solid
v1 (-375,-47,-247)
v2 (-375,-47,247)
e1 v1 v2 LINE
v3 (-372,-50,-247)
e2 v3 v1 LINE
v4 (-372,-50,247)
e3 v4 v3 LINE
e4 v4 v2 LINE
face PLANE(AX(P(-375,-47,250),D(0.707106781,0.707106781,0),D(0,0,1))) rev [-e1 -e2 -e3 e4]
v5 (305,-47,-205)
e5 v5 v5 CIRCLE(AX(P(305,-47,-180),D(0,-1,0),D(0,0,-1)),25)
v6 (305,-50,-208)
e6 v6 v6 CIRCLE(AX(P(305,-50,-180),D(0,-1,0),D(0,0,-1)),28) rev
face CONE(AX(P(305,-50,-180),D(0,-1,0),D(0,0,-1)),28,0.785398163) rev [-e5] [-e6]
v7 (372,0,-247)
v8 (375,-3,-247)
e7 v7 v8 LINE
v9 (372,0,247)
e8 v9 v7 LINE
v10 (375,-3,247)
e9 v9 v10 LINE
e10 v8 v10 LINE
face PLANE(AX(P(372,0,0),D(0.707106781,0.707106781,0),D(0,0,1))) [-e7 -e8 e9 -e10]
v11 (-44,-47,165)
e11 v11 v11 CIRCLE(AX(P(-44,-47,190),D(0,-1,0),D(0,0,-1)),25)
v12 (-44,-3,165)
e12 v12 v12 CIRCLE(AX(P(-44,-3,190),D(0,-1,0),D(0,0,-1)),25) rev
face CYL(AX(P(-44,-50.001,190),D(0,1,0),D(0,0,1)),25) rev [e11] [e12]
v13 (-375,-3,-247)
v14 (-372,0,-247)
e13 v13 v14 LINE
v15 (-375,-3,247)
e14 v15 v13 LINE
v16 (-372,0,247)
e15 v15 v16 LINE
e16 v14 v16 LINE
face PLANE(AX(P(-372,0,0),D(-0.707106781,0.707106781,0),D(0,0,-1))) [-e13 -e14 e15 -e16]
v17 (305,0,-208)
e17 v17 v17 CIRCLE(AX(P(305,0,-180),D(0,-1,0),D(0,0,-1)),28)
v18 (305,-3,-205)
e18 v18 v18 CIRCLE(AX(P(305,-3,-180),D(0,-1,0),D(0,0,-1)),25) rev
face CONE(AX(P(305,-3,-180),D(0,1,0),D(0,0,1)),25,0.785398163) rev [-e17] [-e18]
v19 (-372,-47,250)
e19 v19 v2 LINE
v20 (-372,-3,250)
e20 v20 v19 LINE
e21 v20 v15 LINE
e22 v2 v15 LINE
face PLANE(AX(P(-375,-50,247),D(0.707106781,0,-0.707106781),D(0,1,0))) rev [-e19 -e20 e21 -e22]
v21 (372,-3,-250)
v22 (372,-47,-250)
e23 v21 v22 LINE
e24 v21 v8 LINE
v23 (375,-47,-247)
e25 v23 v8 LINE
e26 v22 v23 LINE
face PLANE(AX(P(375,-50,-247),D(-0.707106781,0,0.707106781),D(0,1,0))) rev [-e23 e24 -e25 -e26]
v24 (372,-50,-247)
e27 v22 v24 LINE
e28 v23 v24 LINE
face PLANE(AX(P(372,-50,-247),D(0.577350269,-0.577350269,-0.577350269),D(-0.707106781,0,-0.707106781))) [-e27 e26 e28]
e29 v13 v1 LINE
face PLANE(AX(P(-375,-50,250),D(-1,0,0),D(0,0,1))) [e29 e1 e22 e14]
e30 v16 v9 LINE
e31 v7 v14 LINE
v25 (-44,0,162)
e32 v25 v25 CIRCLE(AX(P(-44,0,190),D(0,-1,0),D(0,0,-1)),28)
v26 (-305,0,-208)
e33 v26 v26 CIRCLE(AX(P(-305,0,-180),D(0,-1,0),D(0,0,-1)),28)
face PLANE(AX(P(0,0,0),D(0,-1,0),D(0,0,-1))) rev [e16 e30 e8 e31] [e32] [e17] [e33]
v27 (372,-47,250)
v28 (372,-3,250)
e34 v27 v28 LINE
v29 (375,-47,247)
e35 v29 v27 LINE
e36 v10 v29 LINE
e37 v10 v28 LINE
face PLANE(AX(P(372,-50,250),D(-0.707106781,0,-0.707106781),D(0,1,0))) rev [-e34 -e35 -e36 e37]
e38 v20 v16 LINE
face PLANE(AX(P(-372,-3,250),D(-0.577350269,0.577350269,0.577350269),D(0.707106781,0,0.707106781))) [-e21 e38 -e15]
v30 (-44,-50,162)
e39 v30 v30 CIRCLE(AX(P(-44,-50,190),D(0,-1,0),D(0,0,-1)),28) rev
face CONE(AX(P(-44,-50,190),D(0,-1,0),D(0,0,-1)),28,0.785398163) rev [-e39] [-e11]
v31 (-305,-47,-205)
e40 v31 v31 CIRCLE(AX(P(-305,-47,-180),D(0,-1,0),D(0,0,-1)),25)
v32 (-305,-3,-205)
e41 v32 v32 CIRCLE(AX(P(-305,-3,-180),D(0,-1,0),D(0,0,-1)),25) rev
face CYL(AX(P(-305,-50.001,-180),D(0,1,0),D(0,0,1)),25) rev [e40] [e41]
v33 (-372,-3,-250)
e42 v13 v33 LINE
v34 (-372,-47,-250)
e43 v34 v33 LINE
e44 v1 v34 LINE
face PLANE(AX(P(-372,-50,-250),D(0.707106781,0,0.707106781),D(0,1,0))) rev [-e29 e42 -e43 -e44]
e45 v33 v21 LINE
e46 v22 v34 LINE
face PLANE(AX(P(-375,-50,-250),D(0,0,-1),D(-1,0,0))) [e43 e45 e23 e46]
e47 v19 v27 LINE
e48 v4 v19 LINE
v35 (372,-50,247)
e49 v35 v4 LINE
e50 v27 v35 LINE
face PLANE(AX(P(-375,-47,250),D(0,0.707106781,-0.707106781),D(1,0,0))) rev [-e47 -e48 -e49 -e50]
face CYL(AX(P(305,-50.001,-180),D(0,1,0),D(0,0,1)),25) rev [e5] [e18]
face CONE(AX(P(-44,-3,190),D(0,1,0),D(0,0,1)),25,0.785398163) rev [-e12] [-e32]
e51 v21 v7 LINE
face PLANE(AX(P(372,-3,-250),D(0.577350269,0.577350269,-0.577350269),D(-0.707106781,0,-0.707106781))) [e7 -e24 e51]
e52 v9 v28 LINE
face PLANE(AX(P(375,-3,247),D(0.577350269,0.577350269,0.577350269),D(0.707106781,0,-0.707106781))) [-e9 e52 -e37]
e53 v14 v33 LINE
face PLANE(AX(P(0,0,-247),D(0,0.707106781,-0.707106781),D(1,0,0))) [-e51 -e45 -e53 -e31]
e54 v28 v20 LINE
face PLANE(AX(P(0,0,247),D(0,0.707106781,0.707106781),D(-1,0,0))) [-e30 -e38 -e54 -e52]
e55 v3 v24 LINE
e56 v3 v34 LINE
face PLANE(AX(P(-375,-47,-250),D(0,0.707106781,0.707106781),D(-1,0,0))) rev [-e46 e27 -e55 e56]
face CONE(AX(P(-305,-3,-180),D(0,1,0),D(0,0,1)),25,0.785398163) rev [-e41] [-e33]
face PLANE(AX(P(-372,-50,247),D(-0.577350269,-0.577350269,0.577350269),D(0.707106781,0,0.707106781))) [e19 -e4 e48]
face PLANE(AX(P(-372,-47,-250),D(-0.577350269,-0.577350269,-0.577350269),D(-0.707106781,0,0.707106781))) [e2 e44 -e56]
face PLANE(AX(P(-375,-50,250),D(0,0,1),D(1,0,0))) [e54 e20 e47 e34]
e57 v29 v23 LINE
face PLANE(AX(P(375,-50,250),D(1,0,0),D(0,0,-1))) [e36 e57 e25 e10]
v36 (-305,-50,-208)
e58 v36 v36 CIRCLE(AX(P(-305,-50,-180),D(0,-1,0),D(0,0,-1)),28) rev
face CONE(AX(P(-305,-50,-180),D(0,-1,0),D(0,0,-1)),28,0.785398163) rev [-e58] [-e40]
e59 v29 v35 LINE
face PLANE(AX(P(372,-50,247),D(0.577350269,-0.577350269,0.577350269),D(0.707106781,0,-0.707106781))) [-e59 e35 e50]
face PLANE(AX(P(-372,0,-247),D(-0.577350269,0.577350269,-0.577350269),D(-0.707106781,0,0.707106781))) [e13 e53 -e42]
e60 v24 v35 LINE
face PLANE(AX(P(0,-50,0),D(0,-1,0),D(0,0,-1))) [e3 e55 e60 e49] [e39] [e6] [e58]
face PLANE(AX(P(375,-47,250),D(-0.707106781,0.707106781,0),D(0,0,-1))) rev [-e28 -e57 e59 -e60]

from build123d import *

# Parameters (mm, degrees)
SKETCH1_W           = 750
SKETCH1_H           = 500
BOSS_EXTRUDE1_DEPTH = 50
CUT_EXTRUDE1_REACH  = 455.459
SKETCH2_R           = 25
CHAMFER1_SIZE       = 3
CHAMFER2_SIZE       = 3


with BuildPart() as part:
    # Sketch1 → Boss-Extrude1 (new body)
    with BuildSketch(Plane(origin=(0, 0, 0), x_dir=(1, 0, 0), z_dir=(0, 1, 0))):
        Rectangle(SKETCH1_W, SKETCH1_H)
    extrude(amount=-BOSS_EXTRUDE1_DEPTH)

    # Sketch2 → Cut-Extrude1 (cut, up to next)
    with BuildSketch(Plane(origin=(0, 0, 0), x_dir=(1, 0, 0), z_dir=(0, 1, 0)), mode=Mode.PRIVATE) as cut_extrude1_sk1:
        with Locations(Location((-305, 180, 0), (0, 0, 270))):
            Circle(SKETCH2_R)
    cut_extrude1_tool1 = extrude(cut_extrude1_sk1.sketch, amount=-CUT_EXTRUDE1_REACH, mode=Mode.PRIVATE) & part.part
    # Sketch2 → Cut-Extrude1 (cut, up to next)
    with BuildSketch(Plane(origin=(0, 0, 0), x_dir=(1, 0, 0), z_dir=(0, 1, 0)), mode=Mode.PRIVATE) as cut_extrude1_sk2:
        with Locations(Location((305, 180, 0), (0, 0, 270))):
            Circle(SKETCH2_R)
    cut_extrude1_tool2 = extrude(cut_extrude1_sk2.sketch, amount=-CUT_EXTRUDE1_REACH, mode=Mode.PRIVATE) & part.part
    # Sketch2 → Cut-Extrude1 (cut, up to next)
    with BuildSketch(Plane(origin=(0, 0, 0), x_dir=(1, 0, 0), z_dir=(0, 1, 0)), mode=Mode.PRIVATE) as cut_extrude1_sk3:
        with Locations(Location((-44, -190, 0), (0, 0, 270))):
            Circle(SKETCH2_R)
    cut_extrude1_tool3 = extrude(cut_extrude1_sk3.sketch, amount=-CUT_EXTRUDE1_REACH, mode=Mode.PRIVATE) & part.part
    add(cut_extrude1_tool1.solids().sort_by_distance((-305, 0, -180))[0], mode=Mode.SUBTRACT)
    add(cut_extrude1_tool2.solids().sort_by_distance((305, 0, -180))[0], mode=Mode.SUBTRACT)
    add(cut_extrude1_tool3.solids().sort_by_distance((-44, 0, 190))[0], mode=Mode.SUBTRACT)

    # Chamfer1
    chamfer1_edges = [part.edges().sort_by_distance(p)[0] for p in [
        (-305, -50, -205),
        (-305, 0, -205),
        (305, -50, -205),
        (305, 0, -205),
        (-44, -50, 165),
        (-44, 0, 165),
    ]]
    chamfer(chamfer1_edges, length=CHAMFER1_SIZE)

    # Chamfer2
    chamfer2_edges = [part.edges().sort_by_distance(p)[0] for p in [
        (-375, -50, 0),
        (0, -50, 250),
        (375, -50, 0),
        (0, 0, 250),
        (-375, 0, 0),
        (0, 0, -250),
        (375, 0, 0),
        (375, -25, 250),
        (-375, -25, 250),
        (-375, -25, -250),
        (375, -25, -250),
        (0, -50, -250),
    ]]
    chamfer(chamfer2_edges, length=CHAMFER2_SIZE)


solid = part.part
